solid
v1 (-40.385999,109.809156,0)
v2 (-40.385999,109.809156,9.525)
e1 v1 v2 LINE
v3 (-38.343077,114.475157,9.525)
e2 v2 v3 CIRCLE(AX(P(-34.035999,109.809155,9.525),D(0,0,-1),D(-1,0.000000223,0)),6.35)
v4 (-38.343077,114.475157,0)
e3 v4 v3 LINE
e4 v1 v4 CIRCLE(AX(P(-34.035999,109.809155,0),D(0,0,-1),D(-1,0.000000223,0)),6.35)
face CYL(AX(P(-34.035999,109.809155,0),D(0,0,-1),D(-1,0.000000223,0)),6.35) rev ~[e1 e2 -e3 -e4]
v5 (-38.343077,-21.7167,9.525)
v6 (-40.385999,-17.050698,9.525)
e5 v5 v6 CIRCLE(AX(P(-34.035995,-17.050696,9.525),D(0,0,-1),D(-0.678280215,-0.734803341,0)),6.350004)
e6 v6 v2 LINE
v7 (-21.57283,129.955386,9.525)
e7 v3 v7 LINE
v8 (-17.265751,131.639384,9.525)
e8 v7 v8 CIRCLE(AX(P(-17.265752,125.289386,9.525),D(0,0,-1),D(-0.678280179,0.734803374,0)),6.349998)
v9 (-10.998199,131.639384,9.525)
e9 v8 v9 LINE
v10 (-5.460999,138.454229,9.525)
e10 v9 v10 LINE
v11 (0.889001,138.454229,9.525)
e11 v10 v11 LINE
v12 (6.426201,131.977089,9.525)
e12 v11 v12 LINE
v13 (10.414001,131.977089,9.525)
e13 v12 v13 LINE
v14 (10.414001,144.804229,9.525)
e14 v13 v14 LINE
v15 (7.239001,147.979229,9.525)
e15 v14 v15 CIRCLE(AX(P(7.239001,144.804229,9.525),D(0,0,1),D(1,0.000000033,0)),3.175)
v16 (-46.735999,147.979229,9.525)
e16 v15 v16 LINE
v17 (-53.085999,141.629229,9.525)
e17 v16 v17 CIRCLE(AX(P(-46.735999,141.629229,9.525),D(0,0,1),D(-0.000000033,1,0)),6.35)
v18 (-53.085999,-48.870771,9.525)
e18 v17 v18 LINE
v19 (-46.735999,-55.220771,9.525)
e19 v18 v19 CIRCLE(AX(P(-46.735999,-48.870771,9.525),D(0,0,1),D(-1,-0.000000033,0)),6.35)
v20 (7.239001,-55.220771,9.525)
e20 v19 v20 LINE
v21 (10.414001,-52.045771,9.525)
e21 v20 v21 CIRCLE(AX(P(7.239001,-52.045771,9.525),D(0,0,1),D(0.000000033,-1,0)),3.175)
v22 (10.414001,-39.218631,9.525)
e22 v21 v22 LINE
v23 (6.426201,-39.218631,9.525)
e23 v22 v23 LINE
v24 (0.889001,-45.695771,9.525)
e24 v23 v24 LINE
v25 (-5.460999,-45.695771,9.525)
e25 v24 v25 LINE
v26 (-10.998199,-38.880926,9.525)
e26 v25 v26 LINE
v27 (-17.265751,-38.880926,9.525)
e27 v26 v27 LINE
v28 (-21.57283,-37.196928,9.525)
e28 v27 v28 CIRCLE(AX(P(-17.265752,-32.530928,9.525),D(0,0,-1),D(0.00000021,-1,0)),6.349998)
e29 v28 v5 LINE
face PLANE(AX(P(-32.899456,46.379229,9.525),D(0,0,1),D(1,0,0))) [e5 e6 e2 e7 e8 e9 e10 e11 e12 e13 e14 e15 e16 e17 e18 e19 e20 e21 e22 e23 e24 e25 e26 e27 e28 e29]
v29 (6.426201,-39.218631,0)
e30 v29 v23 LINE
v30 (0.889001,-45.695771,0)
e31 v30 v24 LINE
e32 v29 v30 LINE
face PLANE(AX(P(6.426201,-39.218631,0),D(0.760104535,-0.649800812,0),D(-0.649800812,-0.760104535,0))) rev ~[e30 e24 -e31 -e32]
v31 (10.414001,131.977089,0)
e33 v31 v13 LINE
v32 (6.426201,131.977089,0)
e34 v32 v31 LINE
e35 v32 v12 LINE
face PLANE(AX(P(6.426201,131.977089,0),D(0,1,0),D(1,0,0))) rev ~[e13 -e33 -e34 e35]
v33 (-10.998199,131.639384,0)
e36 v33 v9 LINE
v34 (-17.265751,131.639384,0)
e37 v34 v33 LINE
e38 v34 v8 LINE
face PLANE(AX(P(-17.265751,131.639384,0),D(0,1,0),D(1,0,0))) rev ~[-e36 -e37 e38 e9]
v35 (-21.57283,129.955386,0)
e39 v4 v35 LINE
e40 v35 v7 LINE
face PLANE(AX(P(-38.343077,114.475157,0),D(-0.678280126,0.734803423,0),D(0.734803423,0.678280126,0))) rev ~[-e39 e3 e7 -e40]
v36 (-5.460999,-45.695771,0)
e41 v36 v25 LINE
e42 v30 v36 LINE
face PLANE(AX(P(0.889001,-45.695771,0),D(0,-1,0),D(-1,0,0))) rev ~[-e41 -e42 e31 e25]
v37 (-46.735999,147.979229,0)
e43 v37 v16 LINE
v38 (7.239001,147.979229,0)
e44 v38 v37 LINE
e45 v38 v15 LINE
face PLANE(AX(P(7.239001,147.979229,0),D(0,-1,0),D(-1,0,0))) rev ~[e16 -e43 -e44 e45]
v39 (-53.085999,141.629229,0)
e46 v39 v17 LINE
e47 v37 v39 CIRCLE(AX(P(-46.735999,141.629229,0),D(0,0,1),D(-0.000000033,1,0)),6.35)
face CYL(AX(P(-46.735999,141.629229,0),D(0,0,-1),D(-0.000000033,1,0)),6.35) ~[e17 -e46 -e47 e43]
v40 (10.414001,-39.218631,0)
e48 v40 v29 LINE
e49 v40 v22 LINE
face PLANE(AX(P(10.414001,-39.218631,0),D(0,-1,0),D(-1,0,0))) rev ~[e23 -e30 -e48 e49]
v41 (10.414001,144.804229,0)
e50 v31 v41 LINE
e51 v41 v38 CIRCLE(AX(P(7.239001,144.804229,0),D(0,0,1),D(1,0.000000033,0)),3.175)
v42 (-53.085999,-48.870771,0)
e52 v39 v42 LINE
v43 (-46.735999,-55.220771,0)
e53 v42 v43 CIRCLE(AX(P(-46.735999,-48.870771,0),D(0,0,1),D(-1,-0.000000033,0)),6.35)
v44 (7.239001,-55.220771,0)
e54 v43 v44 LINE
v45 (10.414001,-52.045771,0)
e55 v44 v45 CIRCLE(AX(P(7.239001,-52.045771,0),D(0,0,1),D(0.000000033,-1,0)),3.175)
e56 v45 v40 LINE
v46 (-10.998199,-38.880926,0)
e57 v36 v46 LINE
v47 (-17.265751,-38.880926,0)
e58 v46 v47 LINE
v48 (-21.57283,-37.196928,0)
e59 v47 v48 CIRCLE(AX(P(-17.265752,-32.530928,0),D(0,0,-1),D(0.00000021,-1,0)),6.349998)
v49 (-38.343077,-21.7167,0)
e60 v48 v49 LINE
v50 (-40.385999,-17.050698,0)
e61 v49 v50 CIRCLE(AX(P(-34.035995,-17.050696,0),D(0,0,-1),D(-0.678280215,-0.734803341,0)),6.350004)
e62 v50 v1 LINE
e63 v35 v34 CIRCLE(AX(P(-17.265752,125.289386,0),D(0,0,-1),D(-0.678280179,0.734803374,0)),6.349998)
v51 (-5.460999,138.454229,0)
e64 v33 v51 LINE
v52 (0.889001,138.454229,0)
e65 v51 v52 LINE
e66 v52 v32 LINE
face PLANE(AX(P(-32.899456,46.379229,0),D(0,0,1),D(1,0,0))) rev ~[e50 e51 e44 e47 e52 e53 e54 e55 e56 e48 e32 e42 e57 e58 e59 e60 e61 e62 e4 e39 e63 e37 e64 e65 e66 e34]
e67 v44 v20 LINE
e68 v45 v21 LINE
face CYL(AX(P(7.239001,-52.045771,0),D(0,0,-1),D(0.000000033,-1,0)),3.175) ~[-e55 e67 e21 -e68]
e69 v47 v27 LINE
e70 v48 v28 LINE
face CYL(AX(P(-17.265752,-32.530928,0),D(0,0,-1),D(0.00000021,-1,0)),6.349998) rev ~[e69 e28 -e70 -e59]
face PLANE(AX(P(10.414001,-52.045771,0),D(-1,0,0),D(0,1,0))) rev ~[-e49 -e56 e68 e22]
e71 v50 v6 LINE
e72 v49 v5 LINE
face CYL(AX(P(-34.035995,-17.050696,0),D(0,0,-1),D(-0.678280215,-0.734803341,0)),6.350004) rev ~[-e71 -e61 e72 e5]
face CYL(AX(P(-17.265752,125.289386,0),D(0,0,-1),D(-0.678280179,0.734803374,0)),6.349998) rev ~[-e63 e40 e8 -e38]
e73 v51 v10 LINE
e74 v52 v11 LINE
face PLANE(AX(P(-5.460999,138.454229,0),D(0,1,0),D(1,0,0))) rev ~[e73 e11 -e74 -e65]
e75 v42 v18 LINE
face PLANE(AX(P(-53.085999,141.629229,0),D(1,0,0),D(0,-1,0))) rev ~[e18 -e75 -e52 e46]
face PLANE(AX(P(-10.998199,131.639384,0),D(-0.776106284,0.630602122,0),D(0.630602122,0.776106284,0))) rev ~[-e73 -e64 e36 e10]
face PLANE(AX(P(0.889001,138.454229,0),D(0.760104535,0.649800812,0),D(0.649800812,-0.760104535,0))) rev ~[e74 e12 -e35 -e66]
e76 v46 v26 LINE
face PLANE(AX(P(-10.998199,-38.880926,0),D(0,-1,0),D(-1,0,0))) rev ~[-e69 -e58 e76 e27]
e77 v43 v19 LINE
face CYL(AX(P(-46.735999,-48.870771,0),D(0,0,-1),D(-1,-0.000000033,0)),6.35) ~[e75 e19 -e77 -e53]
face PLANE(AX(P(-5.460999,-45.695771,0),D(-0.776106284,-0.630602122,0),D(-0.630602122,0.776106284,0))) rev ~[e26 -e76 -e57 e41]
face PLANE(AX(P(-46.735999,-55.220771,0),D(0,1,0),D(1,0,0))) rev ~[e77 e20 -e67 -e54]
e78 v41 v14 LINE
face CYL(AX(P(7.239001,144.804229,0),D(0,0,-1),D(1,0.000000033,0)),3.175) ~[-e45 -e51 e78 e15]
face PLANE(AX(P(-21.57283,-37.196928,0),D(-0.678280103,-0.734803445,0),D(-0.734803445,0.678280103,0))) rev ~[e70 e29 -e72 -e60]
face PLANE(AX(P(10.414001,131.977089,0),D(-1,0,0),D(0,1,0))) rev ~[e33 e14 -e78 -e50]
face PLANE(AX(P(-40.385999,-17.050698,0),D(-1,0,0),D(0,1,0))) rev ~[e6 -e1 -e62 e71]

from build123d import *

# Parameters (mm, degrees)
F1_DEPTH = 9.525


with BuildPart() as f1:
    # F0 (on Top) → F1 (new body)
    with BuildSketch(Plane.XY):
        with BuildLine():
            Line((-2.285999, 147.979229), (-46.735999, 147.979229))
            ThreePointArc((-46.735999, 147.979229), (-51.226127, 146.119357), (-53.085999, 141.629229))
            Line((-53.085999, 141.629229), (-53.085999, -48.870771))
            ThreePointArc((-53.085999, -48.870771), (-51.226127, -53.360899), (-46.735999, -55.220771))
            Line((-46.735999, -55.220771), (-2.285999, -55.220771))
            Line((-2.285999, -55.220771), (7.239001, -55.220771))
            ThreePointArc((7.239001, -55.220771), (9.484065, -54.290835), (10.414001, -52.045771))
            Line((10.414001, -52.045771), (10.414001, -39.218631))
            Line((10.414001, -39.218631), (6.426201, -39.218631))
            Line((6.426201, -39.218631), (0.889001, -45.695771))
            Line((0.889001, -45.695771), (-5.460999, -45.695771))
            Line((-5.460999, -45.695771), (-10.998199, -38.880926))
            Line((-10.998199, -38.880926), (-17.265751, -38.880926))
            ThreePointArc((-17.265751, -38.880926), (-19.578043, -38.444961), (-21.57283, -37.196928))
            Line((-21.57283, -37.196928), (-38.343077, -21.7167))
            ThreePointArc((-38.343077, -21.7167), (-39.85289, -19.597514), (-40.385999, -17.050698))
            Line((-40.385999, -17.050698), (-40.385999, 109.809156))
            ThreePointArc((-40.385999, 109.809156), (-39.85289, 112.355972), (-38.343077, 114.475157))
            Line((-38.343077, 114.475157), (-21.57283, 129.955386))
            ThreePointArc((-21.57283, 129.955386), (-19.578043, 131.203419), (-17.265751, 131.639384))
            Line((-17.265751, 131.639384), (-10.998199, 131.639384))
            Line((-10.998199, 131.639384), (-5.460999, 138.454229))
            Line((-5.460999, 138.454229), (0.889001, 138.454229))
            Line((0.889001, 138.454229), (6.426201, 131.977089))
            Line((6.426201, 131.977089), (10.414001, 131.977089))
            Line((10.414001, 131.977089), (10.414001, 144.804229))
            ThreePointArc((10.414001, 144.804229), (9.484065, 147.049293), (7.239001, 147.979229))
            Line((7.239001, 147.979229), (-2.285999, 147.979229))
        make_face()
    extrude(amount=F1_DEPTH)


solid = f1.part
